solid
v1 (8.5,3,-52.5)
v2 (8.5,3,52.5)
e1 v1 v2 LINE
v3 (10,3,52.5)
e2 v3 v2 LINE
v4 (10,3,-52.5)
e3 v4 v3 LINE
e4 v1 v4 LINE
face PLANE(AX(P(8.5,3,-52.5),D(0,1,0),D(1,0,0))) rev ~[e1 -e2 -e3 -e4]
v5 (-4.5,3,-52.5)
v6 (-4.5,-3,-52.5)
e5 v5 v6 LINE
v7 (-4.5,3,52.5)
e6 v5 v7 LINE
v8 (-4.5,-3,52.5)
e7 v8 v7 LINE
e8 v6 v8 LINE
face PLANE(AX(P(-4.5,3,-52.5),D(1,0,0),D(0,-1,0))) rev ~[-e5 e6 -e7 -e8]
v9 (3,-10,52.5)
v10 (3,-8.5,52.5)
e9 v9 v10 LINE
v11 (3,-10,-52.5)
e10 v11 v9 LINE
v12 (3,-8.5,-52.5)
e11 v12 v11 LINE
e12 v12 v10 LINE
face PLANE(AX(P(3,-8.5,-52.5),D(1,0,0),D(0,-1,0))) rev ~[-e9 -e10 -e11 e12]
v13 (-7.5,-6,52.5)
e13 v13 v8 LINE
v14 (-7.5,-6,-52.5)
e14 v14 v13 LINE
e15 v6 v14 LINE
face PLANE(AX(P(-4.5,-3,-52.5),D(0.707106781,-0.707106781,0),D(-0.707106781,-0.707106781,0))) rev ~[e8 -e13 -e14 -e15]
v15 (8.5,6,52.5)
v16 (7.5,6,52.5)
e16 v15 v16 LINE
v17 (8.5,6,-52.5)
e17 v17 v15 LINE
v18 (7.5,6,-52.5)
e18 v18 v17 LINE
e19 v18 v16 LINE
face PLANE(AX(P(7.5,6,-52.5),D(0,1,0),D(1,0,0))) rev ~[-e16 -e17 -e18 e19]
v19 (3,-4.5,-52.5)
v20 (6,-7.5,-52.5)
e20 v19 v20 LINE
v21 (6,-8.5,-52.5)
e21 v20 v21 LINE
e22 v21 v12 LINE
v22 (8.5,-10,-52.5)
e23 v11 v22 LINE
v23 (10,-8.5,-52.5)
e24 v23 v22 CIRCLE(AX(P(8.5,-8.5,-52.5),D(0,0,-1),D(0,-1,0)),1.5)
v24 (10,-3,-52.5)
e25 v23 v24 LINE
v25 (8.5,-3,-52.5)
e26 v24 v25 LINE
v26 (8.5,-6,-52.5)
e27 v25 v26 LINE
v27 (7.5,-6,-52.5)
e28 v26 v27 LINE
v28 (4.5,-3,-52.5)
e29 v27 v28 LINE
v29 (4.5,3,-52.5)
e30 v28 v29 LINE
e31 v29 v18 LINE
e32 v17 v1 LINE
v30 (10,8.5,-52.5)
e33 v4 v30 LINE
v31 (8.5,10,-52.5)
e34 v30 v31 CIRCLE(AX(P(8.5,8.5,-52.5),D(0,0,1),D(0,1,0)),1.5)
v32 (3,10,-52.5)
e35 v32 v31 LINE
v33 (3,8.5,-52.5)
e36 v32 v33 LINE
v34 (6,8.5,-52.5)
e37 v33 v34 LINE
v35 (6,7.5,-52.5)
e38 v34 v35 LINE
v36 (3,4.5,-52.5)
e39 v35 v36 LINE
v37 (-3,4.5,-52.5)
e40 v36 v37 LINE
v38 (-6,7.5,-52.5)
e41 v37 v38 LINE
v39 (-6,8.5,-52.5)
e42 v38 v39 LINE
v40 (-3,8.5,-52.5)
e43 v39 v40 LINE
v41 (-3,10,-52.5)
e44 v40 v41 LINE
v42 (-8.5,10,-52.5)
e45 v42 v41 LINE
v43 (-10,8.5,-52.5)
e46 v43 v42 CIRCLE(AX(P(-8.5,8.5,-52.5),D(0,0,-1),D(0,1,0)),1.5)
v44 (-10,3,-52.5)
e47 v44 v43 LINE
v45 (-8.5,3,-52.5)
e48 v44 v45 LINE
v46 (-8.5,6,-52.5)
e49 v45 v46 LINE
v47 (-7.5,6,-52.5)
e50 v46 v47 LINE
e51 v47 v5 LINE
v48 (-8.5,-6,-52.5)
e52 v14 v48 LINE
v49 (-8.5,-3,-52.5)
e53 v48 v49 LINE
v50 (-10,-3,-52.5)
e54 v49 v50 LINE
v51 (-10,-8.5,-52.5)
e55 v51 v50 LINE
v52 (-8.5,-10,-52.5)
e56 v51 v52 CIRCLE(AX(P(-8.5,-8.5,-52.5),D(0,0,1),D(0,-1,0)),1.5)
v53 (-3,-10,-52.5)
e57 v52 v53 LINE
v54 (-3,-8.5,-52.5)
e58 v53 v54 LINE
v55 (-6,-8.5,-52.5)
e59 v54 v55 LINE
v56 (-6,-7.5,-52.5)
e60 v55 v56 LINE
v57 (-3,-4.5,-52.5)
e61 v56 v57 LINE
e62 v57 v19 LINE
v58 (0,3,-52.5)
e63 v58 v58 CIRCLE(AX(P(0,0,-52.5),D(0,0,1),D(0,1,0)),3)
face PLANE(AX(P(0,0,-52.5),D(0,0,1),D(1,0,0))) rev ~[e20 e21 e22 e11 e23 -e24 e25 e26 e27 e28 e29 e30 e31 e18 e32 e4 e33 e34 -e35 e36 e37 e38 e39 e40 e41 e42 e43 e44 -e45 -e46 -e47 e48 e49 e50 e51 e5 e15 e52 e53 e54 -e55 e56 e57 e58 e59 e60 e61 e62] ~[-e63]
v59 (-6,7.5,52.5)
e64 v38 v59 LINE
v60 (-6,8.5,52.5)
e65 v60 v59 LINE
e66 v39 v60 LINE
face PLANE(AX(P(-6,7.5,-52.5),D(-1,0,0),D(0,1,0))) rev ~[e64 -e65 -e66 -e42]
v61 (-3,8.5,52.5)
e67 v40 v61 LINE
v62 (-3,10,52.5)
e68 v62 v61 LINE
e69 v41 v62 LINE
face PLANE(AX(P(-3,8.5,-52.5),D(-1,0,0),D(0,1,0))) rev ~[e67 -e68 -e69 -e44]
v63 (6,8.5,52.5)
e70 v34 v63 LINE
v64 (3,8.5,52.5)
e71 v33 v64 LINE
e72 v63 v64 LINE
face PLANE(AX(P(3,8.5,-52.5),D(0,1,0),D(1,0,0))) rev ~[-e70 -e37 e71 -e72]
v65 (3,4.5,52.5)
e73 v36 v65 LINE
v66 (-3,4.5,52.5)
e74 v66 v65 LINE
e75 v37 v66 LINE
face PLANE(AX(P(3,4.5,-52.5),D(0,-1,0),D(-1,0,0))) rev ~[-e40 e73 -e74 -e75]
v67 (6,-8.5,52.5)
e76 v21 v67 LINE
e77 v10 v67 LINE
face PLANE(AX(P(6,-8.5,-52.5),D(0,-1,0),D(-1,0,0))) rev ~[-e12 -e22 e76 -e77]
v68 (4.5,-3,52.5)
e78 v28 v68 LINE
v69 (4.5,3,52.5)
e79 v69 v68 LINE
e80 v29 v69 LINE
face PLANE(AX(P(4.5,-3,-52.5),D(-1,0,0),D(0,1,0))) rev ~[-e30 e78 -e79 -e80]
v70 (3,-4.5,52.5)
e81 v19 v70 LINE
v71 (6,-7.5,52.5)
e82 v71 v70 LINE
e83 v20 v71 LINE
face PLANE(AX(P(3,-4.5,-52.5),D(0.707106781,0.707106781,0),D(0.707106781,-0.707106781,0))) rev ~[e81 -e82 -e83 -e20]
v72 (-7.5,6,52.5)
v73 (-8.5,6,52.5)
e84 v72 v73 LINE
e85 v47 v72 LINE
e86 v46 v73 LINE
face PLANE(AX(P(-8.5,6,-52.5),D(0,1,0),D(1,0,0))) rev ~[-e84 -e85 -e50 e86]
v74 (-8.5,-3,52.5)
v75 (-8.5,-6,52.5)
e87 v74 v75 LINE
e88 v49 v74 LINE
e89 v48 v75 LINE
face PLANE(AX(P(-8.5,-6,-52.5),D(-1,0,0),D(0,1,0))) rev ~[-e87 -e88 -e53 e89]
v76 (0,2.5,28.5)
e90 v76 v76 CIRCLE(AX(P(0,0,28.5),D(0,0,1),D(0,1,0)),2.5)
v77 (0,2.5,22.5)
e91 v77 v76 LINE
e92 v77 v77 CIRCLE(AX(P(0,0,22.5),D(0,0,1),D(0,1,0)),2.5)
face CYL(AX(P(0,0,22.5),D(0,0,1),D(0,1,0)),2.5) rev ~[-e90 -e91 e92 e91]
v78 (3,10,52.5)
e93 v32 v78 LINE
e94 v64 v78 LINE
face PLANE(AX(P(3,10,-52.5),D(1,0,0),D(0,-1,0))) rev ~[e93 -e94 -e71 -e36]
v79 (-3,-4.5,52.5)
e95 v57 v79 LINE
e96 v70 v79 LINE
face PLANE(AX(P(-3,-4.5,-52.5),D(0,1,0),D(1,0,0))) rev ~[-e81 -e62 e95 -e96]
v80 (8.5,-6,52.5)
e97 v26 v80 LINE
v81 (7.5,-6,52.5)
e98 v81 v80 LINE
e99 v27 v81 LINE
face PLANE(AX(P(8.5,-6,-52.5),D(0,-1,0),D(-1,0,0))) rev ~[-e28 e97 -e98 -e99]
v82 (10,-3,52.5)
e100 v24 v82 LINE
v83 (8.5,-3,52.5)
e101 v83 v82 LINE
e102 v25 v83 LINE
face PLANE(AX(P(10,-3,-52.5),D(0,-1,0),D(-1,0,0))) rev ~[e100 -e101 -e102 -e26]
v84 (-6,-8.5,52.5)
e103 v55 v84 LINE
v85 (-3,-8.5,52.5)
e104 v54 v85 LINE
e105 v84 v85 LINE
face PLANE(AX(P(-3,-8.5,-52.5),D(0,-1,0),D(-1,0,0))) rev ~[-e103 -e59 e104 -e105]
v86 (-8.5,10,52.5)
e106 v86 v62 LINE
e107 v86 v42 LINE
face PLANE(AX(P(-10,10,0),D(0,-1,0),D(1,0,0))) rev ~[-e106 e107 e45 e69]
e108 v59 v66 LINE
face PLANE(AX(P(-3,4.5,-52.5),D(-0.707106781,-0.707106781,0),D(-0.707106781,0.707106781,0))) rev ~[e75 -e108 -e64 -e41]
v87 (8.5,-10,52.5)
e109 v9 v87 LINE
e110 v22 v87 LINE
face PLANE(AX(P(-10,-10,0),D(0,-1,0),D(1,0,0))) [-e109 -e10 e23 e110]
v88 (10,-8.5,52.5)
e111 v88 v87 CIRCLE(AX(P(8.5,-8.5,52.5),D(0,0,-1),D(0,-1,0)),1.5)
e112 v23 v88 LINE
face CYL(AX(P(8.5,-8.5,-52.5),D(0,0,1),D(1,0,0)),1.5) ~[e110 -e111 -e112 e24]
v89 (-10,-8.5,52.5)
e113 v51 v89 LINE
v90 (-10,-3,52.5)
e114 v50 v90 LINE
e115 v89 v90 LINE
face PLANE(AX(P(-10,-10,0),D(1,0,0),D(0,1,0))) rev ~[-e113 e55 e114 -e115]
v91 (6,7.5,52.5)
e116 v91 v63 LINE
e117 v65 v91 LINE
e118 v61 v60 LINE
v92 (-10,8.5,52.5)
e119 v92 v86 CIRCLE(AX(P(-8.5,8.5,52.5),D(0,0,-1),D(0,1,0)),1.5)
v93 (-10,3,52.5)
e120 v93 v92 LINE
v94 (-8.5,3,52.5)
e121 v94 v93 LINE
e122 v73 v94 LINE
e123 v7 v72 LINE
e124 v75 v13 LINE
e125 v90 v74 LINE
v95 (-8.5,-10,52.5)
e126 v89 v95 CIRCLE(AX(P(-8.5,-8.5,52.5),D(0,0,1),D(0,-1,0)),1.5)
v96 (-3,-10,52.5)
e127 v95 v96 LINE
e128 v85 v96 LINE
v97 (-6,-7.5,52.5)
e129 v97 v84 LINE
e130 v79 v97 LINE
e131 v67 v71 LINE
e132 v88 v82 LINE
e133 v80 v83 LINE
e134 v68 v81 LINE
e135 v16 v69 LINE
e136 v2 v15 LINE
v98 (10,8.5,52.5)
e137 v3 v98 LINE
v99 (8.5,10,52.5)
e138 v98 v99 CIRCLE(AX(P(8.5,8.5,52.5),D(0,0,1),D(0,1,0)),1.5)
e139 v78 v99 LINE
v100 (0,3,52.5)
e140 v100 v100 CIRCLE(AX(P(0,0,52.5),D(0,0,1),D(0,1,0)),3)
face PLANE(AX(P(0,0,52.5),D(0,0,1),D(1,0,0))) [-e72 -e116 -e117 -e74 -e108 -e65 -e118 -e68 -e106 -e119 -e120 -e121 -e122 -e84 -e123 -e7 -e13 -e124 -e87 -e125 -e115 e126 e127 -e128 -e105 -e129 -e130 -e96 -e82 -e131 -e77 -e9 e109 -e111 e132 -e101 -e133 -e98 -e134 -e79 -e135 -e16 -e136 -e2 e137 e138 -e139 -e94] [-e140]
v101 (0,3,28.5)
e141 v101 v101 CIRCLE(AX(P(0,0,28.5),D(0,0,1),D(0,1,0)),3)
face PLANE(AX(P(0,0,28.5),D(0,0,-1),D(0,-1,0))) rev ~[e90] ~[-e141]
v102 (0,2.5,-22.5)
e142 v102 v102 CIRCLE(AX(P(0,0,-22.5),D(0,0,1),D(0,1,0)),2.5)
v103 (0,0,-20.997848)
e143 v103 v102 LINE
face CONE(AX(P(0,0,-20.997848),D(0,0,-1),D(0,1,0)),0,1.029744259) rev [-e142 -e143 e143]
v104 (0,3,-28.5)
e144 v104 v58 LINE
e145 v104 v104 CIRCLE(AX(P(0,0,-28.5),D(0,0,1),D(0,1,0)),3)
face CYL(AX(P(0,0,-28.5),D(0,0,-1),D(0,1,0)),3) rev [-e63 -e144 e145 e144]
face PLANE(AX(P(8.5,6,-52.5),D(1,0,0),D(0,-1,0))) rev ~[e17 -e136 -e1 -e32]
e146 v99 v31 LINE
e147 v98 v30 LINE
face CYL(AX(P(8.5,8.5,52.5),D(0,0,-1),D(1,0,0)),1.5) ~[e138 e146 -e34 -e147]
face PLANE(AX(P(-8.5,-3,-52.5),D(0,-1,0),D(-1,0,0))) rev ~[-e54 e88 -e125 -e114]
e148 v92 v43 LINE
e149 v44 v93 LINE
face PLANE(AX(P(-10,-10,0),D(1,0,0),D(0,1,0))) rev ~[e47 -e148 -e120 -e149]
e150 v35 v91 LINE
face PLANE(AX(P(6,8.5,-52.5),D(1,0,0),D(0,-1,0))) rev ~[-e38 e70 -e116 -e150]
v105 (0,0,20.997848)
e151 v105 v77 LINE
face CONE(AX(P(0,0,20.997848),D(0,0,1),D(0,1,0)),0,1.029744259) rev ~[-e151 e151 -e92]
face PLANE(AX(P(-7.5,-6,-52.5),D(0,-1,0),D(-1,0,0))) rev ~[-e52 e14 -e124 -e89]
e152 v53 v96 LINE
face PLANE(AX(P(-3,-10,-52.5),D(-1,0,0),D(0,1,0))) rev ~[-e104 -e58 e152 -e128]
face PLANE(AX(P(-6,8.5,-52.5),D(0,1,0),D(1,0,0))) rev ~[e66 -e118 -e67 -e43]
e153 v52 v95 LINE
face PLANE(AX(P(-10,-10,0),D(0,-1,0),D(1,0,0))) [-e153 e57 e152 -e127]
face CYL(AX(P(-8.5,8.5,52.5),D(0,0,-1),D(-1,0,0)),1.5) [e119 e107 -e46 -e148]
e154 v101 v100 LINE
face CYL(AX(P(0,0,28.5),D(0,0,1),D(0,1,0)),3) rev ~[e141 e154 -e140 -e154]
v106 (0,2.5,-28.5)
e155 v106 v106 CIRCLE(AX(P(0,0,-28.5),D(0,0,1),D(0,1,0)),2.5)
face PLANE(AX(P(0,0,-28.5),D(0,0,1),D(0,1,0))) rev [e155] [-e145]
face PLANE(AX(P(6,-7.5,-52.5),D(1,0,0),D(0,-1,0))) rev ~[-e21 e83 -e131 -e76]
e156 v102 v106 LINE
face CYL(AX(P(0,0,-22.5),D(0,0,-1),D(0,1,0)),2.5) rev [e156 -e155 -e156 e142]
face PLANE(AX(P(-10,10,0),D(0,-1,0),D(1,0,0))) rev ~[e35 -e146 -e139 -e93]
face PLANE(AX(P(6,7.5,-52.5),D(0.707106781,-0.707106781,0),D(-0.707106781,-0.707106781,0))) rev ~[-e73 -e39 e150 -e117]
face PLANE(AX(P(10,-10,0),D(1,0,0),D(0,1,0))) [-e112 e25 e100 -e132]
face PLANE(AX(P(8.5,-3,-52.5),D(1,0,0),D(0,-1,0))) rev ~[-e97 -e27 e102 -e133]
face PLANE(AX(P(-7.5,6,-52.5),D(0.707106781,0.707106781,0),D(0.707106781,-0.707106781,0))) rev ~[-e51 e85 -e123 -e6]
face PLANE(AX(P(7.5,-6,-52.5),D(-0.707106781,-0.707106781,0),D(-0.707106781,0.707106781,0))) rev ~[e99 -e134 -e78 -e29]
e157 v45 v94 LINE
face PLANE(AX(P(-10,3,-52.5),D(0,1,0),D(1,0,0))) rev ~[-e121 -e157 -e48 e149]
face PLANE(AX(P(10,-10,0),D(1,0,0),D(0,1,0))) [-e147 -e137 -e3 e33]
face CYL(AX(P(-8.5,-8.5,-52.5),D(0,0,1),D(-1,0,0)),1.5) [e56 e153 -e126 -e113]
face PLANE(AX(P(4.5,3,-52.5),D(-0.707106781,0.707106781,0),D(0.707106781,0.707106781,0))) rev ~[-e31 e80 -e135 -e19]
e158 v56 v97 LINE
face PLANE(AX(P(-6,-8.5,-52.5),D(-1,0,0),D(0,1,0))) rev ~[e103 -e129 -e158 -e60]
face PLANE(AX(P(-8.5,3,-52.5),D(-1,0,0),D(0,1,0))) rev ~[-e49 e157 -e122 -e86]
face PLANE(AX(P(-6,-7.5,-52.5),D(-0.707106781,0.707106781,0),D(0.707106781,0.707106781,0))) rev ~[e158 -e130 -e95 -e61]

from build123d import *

# Parameters (mm, degrees)
ESQUISSE1_W                  = 20
ESQUISSE1_H                  = 20
EXTRUSION1_DEPTH             = 52.5
CONG_1_R                     = 1.5
ENL_V_MAT_EXTRU_1_DEPTH      = 106.948100502
R_P_TITION_CIRCULAIRE1_COUNT = 4


with BuildPart() as part:
    # Esquisse1 → Extrusion1 (new, symmetric)
    with BuildSketch(Plane.XY):
        Rectangle(ESQUISSE1_W, ESQUISSE1_H)
    extrude(amount=EXTRUSION1_DEPTH, both=True)

    # Congé1
    cong_1_edges = [part.edges().sort_by_distance(p)[0] for p in [
        (-10, -10, 0),
        (10, -10, 0),
        (-10, 10, 0),
        (10, 10, 0),
    ]]
    fillet(cong_1_edges, radius=CONG_1_R)

    # Esquisse2 → Enlèv. mat.-Extru.1 (cut, through all)
    with BuildSketch(Plane(origin=(0, 0, -52.5), x_dir=(-1, 0, 0), z_dir=(0, 0, -1))):
        Polygon((-10, 3), (-10, -3), (-8.5, -3), (-8.5, -6), (-7.5, -6), (-4.5, -3), (-4.5, 3), (-7.5, 6), (-8.5, 6), (-8.5, 3), align=None)
    enl_v_mat_extru_1 = extrude(amount=-ENL_V_MAT_EXTRU_1_DEPTH, mode=Mode.SUBTRACT)

    # Répétition circulaire1: Enlèv. mat.-Extru.1 ×4 about axis
    r_p_tition_circulaire1_axis = Axis((0, 0, 9.333809512), (0, 0, -1))
    for i in range(1, R_P_TITION_CIRCULAIRE1_COUNT):
        add(enl_v_mat_extru_1.rotate(r_p_tition_circulaire1_axis, i * 360 / R_P_TITION_CIRCULAIRE1_COUNT), mode=Mode.SUBTRACT)

    # Esquisse5 → Trou taraudé M6x1.01 (revolve, cut)
    with BuildSketch(Plane(origin=(0, 0, -52.5), x_dir=(0, 1, 0), z_dir=(1, 0, 0))):
        Polygon((0, 0), (0, 31.502151548), (2.5, 30), (2.5, 24), (3, 24), (3, 0), align=None)
    trou_taraud_m6x1_01 = revolve(axis=Axis((0, 0, -58.85), (0, 0, 1)), mode=Mode.SUBTRACT)

    # Symétrie1: Trou taraudé M6x1.01 across plane
    add(trou_taraud_m6x1_01.mirror(Plane.XY), mode=Mode.SUBTRACT)


solid = part.part
